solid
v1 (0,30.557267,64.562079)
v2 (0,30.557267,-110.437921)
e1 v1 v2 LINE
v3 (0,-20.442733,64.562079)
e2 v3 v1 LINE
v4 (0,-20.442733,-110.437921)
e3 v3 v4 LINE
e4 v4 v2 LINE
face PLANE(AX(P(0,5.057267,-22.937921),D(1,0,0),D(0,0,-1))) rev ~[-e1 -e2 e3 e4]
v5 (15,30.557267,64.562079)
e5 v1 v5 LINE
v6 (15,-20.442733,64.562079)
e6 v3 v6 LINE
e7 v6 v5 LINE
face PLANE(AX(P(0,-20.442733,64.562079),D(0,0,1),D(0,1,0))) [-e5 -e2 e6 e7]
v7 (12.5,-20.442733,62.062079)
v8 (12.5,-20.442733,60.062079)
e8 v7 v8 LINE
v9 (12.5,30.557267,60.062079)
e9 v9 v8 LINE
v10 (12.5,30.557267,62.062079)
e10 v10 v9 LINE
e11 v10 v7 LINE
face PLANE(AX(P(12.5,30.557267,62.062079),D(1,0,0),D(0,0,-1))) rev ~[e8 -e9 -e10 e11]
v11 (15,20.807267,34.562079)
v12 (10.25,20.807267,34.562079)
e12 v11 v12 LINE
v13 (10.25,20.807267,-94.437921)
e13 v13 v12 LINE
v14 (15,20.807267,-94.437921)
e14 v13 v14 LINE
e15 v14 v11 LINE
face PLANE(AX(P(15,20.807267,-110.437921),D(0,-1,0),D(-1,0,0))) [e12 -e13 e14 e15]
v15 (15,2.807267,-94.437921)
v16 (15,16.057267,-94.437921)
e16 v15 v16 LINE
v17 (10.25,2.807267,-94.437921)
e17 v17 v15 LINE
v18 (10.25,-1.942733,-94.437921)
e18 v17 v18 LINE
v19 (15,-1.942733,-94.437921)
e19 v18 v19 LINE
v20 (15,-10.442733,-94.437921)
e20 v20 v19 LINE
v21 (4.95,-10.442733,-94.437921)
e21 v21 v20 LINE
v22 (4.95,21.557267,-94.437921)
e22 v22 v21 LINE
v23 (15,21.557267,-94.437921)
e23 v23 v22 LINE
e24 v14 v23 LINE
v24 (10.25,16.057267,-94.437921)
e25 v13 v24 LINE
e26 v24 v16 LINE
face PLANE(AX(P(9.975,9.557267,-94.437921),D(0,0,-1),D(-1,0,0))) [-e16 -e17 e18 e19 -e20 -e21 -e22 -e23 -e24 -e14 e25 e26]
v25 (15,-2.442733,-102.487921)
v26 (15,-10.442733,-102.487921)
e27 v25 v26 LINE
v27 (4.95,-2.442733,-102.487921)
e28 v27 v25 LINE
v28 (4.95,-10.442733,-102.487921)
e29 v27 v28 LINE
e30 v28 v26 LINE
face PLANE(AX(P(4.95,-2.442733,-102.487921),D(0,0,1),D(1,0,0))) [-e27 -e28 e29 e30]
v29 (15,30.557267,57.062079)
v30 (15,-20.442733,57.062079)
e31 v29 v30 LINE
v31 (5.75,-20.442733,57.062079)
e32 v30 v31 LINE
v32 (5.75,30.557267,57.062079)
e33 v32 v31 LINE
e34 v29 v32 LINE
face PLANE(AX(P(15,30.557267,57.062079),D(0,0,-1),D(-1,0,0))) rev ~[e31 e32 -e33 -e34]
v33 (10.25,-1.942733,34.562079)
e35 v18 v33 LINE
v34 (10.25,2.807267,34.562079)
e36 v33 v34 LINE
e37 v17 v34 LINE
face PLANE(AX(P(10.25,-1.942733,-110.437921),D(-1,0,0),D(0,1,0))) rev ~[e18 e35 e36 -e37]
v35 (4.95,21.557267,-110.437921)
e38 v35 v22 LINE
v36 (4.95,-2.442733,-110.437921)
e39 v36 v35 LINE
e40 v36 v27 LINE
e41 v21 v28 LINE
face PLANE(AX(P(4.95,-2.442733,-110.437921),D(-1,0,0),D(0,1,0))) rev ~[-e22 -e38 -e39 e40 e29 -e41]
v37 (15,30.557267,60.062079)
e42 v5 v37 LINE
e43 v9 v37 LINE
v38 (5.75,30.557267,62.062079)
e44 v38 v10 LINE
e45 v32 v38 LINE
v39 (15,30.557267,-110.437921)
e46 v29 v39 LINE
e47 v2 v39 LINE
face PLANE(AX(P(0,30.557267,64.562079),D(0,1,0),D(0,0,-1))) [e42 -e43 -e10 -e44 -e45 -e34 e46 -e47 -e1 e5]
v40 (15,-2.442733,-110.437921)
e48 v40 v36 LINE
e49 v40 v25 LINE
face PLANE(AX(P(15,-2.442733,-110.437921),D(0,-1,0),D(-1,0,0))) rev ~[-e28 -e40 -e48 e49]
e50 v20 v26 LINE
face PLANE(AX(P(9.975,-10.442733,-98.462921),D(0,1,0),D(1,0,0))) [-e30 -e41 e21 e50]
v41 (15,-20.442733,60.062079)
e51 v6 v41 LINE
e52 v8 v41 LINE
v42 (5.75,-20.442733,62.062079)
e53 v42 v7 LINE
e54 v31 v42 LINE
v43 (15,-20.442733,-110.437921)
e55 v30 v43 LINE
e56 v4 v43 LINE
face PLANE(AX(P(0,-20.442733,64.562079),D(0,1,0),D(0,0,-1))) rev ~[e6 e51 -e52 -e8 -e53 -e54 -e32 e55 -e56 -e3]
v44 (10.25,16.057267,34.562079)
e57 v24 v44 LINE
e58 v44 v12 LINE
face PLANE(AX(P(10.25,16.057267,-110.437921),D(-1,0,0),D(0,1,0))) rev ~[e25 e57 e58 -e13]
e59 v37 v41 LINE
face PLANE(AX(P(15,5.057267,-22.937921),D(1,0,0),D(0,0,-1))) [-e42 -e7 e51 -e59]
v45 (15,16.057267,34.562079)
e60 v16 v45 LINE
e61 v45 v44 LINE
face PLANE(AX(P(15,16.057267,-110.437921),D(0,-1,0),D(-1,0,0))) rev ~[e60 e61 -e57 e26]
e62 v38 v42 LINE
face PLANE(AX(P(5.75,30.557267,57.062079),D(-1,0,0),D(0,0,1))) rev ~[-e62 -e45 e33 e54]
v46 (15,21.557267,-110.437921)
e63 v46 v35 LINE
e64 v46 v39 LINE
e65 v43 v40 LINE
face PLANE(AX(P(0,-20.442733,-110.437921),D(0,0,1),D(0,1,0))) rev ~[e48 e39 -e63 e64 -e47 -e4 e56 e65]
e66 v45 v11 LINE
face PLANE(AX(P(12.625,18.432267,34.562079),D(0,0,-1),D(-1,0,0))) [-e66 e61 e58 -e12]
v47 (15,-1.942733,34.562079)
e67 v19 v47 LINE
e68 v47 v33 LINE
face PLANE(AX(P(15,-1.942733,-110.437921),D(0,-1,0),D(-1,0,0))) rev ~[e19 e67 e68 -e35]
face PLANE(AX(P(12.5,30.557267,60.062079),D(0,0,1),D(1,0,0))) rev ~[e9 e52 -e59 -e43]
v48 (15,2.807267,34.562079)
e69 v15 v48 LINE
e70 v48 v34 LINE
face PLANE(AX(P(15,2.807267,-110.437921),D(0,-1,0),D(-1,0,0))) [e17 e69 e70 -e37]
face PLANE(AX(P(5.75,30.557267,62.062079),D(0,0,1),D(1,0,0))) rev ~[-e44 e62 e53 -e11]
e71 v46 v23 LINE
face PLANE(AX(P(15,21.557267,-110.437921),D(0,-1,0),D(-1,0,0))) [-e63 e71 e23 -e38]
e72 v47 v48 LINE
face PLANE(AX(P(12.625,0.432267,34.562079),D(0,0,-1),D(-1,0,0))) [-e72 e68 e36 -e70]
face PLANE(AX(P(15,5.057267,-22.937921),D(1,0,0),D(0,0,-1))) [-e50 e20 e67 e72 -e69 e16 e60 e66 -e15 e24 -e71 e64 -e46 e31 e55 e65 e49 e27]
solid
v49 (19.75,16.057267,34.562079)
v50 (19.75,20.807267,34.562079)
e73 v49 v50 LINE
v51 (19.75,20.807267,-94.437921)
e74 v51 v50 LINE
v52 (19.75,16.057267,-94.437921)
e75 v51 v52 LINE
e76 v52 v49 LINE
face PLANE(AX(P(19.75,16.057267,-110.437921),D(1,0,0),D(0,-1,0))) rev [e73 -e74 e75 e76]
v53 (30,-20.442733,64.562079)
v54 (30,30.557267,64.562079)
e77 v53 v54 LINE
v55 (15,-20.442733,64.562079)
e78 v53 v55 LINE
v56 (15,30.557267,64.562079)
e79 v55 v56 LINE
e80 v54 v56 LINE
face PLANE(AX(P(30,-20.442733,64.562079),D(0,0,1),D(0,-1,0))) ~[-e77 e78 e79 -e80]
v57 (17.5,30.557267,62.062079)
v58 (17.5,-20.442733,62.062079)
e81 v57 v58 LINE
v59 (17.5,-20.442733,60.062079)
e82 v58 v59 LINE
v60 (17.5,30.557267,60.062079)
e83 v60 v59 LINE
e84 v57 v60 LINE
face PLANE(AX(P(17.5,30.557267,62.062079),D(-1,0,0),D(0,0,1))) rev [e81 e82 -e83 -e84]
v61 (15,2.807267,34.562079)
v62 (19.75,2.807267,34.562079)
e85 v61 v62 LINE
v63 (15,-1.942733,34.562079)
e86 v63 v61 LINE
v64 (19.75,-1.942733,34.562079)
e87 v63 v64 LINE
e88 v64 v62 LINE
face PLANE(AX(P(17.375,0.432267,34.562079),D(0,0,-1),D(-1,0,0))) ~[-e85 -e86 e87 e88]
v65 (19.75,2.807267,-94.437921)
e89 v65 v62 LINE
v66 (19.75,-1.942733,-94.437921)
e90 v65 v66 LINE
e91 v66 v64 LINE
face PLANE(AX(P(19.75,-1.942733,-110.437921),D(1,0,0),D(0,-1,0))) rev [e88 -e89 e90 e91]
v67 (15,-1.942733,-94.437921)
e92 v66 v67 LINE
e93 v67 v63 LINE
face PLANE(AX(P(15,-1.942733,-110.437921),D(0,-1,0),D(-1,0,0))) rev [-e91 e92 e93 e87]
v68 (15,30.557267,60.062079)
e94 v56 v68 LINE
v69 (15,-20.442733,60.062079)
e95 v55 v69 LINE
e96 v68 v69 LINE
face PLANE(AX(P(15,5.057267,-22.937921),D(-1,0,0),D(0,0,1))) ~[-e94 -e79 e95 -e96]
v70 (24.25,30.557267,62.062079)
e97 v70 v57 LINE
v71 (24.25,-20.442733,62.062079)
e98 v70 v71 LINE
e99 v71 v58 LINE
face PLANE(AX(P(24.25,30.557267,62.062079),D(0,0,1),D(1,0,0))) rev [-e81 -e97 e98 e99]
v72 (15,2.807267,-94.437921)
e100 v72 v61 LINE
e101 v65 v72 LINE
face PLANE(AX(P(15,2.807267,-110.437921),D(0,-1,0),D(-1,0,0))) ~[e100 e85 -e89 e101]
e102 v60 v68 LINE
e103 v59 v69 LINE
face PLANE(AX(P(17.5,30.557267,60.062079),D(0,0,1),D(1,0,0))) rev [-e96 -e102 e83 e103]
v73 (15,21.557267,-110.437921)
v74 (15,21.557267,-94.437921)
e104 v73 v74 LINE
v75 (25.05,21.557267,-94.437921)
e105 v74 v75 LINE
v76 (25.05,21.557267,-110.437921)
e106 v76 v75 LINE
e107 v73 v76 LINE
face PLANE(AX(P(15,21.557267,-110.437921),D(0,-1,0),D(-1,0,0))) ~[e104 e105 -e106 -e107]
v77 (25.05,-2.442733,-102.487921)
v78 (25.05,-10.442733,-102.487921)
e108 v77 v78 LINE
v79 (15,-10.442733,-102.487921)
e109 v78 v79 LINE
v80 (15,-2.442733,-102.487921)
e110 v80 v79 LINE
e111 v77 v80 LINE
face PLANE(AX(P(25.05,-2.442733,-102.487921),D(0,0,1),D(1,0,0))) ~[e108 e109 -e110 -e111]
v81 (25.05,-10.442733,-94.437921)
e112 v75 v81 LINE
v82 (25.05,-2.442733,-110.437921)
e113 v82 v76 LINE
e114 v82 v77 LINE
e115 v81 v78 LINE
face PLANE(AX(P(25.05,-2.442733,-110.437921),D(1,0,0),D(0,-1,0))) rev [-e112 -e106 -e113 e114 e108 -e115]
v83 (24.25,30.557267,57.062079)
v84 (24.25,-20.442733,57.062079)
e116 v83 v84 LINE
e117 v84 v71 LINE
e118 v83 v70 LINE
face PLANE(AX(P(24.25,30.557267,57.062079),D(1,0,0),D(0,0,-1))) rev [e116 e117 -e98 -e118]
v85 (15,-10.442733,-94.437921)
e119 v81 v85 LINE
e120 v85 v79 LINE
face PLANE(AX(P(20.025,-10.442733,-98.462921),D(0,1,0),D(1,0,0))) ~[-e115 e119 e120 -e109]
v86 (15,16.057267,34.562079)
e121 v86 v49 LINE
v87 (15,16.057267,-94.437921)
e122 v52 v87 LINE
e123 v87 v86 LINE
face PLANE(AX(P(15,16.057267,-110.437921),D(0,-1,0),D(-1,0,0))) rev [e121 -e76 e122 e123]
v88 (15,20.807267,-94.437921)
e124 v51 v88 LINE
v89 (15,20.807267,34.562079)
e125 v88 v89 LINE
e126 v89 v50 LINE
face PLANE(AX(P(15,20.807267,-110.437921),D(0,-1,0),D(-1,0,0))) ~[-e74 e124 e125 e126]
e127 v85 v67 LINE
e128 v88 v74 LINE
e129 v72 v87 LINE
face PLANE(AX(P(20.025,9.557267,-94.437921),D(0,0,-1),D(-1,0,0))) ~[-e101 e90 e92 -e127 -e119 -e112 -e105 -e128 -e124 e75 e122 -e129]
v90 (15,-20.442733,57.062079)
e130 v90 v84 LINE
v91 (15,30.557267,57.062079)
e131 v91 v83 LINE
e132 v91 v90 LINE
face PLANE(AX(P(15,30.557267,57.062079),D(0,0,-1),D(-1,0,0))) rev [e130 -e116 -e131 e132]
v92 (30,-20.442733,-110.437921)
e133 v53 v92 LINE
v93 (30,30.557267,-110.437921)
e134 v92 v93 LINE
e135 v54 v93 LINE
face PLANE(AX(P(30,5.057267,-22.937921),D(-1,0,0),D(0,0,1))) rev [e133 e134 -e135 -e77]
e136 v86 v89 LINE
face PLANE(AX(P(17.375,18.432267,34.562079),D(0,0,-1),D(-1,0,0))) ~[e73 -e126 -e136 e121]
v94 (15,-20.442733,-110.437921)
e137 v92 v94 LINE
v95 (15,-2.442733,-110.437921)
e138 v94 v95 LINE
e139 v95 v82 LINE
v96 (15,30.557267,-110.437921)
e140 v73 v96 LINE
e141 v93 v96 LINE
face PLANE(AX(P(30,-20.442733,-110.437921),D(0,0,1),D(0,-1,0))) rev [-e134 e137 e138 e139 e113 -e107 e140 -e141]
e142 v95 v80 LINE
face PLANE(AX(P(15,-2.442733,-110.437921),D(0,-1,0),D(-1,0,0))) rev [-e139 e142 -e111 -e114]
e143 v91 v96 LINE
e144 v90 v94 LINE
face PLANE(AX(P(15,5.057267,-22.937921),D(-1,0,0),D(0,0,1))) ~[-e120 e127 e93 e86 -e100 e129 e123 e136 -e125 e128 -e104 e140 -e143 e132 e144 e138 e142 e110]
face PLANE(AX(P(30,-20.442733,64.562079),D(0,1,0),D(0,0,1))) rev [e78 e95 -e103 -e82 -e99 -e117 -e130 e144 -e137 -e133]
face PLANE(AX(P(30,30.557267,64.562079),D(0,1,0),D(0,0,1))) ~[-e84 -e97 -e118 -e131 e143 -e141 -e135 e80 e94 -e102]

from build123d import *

# Parameters (mm, degrees)
SKETCH1_W           = 175
SKETCH1_H           = 51
BOSS_EXTRUDE1_DEPTH = 15
CUT_EXTRUDE3_DEPTH  = 52
SKETCH7_W           = 4.75
SKETCH7_H           = 4.75
CUT_EXTRUDE5_DEPTH  = 145
SKETCH10_W          = 10.05
SKETCH10_H          = 24
CUT_EXTRUDE6_DEPTH  = 16
SKETCH11_W          = 10.05
SKETCH11_H          = 8.05
CUT_EXTRUDE7_DEPTH  = 8


with BuildPart() as part:
    # Sketch1 → Boss-Extrude1 (new body)
    with BuildSketch(Plane(origin=(0, 0, 0), x_dir=(0, 0, -1), z_dir=(1, 0, 0))):
        with Locations((22.937921078, 5.057266603)):
            Rectangle(SKETCH1_W, SKETCH1_H)
    extrude(amount=BOSS_EXTRUDE1_DEPTH)

    # Sketch6 → Cut-Extrude3 (cut, through all)
    with BuildSketch(Plane(origin=(0, 30.557266603, 0), x_dir=(1, 0, 0), z_dir=(0, 1, 0))):
        Polygon((12.5, -60.062078922), (15, -60.062078922), (15, -57.062078922), (12.5, -57.062078922), (5.75, -57.062078922), (5.75, -62.062078922), (12.5, -62.062078922), align=None)
    extrude(amount=-CUT_EXTRUDE3_DEPTH, mode=Mode.SUBTRACT)

    # Sketch7 → Cut-Extrude5 (cut)
    with BuildSketch(Plane(origin=(0, 0, -110.437921078), x_dir=(-1, 0, 0), z_dir=(0, 0, -1))):
        with Locations((-12.625, 0.432266603)):
            Rectangle(SKETCH7_W, SKETCH7_H)
        with Locations((-12.625, 18.432266603)):
            Rectangle(SKETCH7_W, SKETCH7_H)
    extrude(amount=-CUT_EXTRUDE5_DEPTH, mode=Mode.SUBTRACT)

    # Sketch10 → Cut-Extrude6 (cut)
    with BuildSketch(Plane(origin=(0, 0, -110.437921078), x_dir=(-1, 0, 0), z_dir=(0, 0, -1))):
        with Locations((-9.975, 9.557266603)):
            Rectangle(SKETCH10_W, SKETCH10_H)
    extrude(amount=-CUT_EXTRUDE6_DEPTH, mode=Mode.SUBTRACT)

    # Sketch11 → Cut-Extrude7 (cut)
    with BuildSketch(Plane(origin=(0, -2.442733397, 0), x_dir=(1, 0, 0), z_dir=(0, 1, 0))):
        with Locations((9.975, 98.462921078)):
            Rectangle(SKETCH11_W, SKETCH11_H)
    extrude(amount=-CUT_EXTRUDE7_DEPTH, mode=Mode.SUBTRACT)


with BuildPart() as body_2:
    # Mirror4: mirrored copy
    add(part.part.mirror(Plane.ZY.offset(-15)))


solid = Compound([part.part, body_2.part])
